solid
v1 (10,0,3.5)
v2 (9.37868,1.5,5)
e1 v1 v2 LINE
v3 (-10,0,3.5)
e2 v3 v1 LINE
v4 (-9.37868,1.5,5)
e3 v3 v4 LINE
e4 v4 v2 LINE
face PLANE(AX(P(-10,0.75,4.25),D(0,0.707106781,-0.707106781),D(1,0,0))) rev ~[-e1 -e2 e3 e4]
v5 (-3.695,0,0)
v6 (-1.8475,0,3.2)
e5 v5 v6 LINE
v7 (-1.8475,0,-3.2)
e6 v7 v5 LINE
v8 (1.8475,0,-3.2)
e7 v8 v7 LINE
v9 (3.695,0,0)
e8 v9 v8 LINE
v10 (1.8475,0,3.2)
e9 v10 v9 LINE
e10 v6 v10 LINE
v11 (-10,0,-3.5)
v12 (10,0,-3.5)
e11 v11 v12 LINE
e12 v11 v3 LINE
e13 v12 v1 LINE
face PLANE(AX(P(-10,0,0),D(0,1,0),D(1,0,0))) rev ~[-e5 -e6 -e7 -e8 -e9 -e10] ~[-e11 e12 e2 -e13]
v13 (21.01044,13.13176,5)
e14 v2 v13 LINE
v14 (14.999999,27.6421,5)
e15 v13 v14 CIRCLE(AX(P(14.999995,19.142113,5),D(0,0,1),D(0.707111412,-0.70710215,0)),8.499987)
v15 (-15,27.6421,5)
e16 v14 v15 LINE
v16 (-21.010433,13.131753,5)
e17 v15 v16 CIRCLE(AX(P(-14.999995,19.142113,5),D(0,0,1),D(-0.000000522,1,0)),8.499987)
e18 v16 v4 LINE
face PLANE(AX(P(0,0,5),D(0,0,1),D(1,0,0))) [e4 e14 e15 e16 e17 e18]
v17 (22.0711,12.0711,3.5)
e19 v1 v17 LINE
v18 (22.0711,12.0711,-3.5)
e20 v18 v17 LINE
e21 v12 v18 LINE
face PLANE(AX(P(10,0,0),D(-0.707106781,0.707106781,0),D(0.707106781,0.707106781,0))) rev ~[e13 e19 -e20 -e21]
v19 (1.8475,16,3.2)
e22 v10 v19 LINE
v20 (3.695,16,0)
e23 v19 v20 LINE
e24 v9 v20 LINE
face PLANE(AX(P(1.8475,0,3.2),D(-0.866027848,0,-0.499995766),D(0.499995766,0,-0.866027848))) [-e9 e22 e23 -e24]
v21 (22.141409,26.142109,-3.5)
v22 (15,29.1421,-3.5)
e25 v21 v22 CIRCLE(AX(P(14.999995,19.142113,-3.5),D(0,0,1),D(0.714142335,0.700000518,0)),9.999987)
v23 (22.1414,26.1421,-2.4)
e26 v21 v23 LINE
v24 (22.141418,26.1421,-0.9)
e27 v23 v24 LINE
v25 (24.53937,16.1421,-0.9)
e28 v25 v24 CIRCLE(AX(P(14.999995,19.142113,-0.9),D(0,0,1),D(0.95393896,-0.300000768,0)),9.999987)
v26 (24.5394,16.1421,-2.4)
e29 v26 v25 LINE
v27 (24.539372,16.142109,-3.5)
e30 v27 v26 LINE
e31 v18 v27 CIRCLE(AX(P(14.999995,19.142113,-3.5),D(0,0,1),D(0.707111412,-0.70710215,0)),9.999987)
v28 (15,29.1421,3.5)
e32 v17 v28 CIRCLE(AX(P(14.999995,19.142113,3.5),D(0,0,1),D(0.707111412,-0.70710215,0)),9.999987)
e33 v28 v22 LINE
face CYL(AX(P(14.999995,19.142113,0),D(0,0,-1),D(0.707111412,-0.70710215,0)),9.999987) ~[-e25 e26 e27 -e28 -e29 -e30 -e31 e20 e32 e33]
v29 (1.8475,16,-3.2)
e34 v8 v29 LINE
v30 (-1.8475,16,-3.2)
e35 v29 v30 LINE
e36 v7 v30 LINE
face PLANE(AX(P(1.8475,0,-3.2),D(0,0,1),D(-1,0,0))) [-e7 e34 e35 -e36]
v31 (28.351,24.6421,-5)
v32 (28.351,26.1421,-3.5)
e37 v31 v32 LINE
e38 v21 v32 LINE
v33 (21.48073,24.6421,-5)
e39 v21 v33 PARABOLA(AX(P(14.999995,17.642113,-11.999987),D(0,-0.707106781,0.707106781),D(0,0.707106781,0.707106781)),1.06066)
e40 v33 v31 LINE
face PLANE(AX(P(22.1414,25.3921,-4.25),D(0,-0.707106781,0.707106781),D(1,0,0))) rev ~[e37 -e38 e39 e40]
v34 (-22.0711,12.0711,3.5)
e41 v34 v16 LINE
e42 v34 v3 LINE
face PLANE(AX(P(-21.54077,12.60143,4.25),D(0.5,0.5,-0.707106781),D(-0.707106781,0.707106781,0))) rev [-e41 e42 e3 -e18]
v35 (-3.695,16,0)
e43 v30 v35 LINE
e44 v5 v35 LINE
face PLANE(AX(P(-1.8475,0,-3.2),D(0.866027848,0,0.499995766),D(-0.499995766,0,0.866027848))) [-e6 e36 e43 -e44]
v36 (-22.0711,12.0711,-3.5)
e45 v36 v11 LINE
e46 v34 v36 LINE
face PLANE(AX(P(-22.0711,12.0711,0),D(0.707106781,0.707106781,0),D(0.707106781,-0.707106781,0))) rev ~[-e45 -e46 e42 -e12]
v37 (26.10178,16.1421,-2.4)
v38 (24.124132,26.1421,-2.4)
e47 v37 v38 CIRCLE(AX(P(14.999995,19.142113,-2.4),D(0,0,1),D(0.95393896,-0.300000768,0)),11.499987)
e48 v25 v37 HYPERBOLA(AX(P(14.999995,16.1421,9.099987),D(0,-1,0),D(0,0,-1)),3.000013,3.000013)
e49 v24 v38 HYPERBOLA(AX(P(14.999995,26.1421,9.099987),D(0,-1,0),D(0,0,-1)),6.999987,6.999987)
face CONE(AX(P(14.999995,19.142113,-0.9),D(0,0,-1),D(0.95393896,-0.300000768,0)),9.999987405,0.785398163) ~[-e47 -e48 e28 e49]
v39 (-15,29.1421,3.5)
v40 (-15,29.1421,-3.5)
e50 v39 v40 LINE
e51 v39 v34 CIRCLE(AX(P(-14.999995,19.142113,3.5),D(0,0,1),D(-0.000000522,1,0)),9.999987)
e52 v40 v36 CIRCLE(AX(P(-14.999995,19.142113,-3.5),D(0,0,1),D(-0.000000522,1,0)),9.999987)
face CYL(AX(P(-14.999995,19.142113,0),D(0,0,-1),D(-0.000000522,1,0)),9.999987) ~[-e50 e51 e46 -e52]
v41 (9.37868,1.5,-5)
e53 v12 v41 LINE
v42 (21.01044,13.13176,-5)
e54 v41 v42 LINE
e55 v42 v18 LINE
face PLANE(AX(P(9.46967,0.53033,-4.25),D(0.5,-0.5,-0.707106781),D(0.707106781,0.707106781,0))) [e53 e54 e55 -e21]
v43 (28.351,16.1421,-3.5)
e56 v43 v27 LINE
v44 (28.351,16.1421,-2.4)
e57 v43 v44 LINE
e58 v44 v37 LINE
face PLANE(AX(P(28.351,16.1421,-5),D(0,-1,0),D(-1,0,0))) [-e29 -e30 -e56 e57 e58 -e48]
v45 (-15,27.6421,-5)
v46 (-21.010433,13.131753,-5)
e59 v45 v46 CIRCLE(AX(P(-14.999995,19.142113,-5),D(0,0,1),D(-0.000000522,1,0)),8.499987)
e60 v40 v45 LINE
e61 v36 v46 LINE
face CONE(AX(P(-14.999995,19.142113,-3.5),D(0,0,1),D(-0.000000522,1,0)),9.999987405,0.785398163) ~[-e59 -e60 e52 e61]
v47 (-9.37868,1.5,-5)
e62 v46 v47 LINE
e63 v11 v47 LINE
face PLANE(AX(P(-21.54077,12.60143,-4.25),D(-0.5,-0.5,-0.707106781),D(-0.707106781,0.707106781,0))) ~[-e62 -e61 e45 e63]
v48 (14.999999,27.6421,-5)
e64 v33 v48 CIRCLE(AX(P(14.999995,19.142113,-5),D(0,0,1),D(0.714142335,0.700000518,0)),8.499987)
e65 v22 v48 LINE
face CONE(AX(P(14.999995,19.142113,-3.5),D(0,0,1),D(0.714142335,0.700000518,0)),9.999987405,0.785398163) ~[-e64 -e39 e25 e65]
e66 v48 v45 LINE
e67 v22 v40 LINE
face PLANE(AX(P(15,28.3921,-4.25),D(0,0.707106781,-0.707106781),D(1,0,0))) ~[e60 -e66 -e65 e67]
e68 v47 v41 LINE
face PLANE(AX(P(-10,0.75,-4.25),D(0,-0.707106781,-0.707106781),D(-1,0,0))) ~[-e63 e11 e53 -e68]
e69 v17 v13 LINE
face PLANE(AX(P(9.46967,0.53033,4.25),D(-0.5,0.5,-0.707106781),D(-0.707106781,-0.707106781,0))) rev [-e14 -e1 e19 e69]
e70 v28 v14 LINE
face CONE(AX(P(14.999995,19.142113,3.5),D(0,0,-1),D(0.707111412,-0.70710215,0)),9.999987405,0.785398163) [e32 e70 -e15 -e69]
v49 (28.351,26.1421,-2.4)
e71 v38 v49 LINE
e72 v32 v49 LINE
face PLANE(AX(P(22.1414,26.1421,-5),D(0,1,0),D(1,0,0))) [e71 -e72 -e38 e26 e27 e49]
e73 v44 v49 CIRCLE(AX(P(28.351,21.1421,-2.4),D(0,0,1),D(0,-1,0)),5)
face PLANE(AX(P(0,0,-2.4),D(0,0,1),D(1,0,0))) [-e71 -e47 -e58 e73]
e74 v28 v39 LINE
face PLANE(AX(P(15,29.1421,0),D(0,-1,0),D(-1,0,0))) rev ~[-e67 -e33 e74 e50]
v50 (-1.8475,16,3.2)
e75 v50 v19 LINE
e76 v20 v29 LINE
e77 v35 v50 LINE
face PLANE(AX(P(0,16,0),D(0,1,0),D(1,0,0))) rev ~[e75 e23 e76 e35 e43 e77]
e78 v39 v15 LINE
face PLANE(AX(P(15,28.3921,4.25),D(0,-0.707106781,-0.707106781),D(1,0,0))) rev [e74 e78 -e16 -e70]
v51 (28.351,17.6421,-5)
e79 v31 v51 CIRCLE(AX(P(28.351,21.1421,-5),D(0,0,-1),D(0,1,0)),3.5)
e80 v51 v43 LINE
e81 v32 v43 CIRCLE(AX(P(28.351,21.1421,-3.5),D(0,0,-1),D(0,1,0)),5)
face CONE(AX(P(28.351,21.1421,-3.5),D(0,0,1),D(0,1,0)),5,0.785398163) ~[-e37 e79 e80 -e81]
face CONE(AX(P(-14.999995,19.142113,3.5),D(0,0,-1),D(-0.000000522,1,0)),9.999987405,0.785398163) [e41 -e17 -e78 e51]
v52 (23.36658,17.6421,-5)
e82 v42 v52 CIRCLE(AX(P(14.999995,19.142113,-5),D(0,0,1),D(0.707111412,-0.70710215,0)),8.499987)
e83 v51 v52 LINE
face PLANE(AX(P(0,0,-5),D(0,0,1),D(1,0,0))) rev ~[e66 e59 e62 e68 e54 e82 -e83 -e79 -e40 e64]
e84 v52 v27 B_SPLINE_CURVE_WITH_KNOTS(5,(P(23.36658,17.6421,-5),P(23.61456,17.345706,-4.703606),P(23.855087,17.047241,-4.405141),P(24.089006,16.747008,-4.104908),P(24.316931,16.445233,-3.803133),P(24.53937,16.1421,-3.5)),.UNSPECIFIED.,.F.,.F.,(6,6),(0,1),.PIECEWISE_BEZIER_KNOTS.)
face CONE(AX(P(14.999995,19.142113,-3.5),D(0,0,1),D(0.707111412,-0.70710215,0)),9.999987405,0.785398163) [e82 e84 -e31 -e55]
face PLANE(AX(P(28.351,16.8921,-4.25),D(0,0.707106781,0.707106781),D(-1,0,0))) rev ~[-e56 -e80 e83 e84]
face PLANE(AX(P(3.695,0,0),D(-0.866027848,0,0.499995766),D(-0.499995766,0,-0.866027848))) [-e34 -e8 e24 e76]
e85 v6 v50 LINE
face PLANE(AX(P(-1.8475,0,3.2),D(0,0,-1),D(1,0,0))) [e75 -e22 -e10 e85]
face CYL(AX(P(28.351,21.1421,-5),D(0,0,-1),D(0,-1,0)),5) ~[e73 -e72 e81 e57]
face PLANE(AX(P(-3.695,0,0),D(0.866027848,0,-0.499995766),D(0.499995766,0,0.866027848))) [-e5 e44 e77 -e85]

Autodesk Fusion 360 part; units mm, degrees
sketch "Sketch1" plane through (0, 0, 0) normal (0, 0, 1) x (1, 0, 0)
  line L0 (-10, 0) -> (10, 0)
  line L1 (10, 0) -> (22.0711, 12.0711)
  arc A0 (22.0711, 12.0711) -> (15, 29.1421) centre (15, 19.1421) ccw
  line L2 (15, 29.1421) -> (-15, 29.1421)
  arc A1 (-15, 29.1421) -> (-22.0711, 12.0711) centre (-15, 19.1421) ccw
  line L3 (-22.0711, 12.0711) -> (-10, 0)
  line L4 (0, 0) -> (0, 29.1421) construction
  line L5 (-24, 23.501) -> (-24, 41.501)
  line L6 (-24, 41.501) -> (-18, 41.501)
  line L7 (-18, 41.501) -> (-18, 28.6815)
  line L8 (22.1414, 26.1421) -> (28.351, 26.1421)
  arc A2 (28.351, 16.1421) -> (28.351, 26.1421) centre (28.351, 21.1421) ccw
  line L9 (28.351, 16.1421) -> (24.5394, 16.1421)
  dimension "d1" = 10
  dimension "d2" = 135
  dimension "d3" = 50
  dimension "d4" = 20
  dimension "d5" = 6
  dimension "d6" = 18
  dimension "d7" = 18
  dimension "d18" = 5
  dimension "d19" = 3
  dimension "d20" = 3.5
extrude "Extrude1" add sketch "Sketch1" along normal mid plane 10 contours L0 L1 A0 L2 A1 L3
extrude "Extrude3" add sketch "Sketch1" along normal blind 2.6 from surface at -5 contours A0 L8 A2 L9
sketch "Sketch2" plane through (0, 0, 0) normal (0, 1, 0) x (1, 0, 0)
  line L0 (3.695, 0) -> (1.8475, 3.2)
  line L1 (1.8475, 3.2) -> (-1.8475, 3.2)
  line L2 (-1.8475, 3.2) -> (-3.695, 0)
  line L3 (-3.695, 0) -> (-1.8475, -3.2)
  line L4 (-1.8475, -3.2) -> (1.8475, -3.2)
  line L5 (1.8475, -3.2) -> (3.695, 0)
  dimension "d10" = 6.4
extrude "Extrude2" cut sketch "Sketch2" along normal blind 16
chamfer "Chamfer1" distance 1.5 angle 45 1 edges at (24.7243, 21.474, -2.4) 2 faces at (3.3333, 19.4281, 5) (3.3333, 19.4281, -5)
